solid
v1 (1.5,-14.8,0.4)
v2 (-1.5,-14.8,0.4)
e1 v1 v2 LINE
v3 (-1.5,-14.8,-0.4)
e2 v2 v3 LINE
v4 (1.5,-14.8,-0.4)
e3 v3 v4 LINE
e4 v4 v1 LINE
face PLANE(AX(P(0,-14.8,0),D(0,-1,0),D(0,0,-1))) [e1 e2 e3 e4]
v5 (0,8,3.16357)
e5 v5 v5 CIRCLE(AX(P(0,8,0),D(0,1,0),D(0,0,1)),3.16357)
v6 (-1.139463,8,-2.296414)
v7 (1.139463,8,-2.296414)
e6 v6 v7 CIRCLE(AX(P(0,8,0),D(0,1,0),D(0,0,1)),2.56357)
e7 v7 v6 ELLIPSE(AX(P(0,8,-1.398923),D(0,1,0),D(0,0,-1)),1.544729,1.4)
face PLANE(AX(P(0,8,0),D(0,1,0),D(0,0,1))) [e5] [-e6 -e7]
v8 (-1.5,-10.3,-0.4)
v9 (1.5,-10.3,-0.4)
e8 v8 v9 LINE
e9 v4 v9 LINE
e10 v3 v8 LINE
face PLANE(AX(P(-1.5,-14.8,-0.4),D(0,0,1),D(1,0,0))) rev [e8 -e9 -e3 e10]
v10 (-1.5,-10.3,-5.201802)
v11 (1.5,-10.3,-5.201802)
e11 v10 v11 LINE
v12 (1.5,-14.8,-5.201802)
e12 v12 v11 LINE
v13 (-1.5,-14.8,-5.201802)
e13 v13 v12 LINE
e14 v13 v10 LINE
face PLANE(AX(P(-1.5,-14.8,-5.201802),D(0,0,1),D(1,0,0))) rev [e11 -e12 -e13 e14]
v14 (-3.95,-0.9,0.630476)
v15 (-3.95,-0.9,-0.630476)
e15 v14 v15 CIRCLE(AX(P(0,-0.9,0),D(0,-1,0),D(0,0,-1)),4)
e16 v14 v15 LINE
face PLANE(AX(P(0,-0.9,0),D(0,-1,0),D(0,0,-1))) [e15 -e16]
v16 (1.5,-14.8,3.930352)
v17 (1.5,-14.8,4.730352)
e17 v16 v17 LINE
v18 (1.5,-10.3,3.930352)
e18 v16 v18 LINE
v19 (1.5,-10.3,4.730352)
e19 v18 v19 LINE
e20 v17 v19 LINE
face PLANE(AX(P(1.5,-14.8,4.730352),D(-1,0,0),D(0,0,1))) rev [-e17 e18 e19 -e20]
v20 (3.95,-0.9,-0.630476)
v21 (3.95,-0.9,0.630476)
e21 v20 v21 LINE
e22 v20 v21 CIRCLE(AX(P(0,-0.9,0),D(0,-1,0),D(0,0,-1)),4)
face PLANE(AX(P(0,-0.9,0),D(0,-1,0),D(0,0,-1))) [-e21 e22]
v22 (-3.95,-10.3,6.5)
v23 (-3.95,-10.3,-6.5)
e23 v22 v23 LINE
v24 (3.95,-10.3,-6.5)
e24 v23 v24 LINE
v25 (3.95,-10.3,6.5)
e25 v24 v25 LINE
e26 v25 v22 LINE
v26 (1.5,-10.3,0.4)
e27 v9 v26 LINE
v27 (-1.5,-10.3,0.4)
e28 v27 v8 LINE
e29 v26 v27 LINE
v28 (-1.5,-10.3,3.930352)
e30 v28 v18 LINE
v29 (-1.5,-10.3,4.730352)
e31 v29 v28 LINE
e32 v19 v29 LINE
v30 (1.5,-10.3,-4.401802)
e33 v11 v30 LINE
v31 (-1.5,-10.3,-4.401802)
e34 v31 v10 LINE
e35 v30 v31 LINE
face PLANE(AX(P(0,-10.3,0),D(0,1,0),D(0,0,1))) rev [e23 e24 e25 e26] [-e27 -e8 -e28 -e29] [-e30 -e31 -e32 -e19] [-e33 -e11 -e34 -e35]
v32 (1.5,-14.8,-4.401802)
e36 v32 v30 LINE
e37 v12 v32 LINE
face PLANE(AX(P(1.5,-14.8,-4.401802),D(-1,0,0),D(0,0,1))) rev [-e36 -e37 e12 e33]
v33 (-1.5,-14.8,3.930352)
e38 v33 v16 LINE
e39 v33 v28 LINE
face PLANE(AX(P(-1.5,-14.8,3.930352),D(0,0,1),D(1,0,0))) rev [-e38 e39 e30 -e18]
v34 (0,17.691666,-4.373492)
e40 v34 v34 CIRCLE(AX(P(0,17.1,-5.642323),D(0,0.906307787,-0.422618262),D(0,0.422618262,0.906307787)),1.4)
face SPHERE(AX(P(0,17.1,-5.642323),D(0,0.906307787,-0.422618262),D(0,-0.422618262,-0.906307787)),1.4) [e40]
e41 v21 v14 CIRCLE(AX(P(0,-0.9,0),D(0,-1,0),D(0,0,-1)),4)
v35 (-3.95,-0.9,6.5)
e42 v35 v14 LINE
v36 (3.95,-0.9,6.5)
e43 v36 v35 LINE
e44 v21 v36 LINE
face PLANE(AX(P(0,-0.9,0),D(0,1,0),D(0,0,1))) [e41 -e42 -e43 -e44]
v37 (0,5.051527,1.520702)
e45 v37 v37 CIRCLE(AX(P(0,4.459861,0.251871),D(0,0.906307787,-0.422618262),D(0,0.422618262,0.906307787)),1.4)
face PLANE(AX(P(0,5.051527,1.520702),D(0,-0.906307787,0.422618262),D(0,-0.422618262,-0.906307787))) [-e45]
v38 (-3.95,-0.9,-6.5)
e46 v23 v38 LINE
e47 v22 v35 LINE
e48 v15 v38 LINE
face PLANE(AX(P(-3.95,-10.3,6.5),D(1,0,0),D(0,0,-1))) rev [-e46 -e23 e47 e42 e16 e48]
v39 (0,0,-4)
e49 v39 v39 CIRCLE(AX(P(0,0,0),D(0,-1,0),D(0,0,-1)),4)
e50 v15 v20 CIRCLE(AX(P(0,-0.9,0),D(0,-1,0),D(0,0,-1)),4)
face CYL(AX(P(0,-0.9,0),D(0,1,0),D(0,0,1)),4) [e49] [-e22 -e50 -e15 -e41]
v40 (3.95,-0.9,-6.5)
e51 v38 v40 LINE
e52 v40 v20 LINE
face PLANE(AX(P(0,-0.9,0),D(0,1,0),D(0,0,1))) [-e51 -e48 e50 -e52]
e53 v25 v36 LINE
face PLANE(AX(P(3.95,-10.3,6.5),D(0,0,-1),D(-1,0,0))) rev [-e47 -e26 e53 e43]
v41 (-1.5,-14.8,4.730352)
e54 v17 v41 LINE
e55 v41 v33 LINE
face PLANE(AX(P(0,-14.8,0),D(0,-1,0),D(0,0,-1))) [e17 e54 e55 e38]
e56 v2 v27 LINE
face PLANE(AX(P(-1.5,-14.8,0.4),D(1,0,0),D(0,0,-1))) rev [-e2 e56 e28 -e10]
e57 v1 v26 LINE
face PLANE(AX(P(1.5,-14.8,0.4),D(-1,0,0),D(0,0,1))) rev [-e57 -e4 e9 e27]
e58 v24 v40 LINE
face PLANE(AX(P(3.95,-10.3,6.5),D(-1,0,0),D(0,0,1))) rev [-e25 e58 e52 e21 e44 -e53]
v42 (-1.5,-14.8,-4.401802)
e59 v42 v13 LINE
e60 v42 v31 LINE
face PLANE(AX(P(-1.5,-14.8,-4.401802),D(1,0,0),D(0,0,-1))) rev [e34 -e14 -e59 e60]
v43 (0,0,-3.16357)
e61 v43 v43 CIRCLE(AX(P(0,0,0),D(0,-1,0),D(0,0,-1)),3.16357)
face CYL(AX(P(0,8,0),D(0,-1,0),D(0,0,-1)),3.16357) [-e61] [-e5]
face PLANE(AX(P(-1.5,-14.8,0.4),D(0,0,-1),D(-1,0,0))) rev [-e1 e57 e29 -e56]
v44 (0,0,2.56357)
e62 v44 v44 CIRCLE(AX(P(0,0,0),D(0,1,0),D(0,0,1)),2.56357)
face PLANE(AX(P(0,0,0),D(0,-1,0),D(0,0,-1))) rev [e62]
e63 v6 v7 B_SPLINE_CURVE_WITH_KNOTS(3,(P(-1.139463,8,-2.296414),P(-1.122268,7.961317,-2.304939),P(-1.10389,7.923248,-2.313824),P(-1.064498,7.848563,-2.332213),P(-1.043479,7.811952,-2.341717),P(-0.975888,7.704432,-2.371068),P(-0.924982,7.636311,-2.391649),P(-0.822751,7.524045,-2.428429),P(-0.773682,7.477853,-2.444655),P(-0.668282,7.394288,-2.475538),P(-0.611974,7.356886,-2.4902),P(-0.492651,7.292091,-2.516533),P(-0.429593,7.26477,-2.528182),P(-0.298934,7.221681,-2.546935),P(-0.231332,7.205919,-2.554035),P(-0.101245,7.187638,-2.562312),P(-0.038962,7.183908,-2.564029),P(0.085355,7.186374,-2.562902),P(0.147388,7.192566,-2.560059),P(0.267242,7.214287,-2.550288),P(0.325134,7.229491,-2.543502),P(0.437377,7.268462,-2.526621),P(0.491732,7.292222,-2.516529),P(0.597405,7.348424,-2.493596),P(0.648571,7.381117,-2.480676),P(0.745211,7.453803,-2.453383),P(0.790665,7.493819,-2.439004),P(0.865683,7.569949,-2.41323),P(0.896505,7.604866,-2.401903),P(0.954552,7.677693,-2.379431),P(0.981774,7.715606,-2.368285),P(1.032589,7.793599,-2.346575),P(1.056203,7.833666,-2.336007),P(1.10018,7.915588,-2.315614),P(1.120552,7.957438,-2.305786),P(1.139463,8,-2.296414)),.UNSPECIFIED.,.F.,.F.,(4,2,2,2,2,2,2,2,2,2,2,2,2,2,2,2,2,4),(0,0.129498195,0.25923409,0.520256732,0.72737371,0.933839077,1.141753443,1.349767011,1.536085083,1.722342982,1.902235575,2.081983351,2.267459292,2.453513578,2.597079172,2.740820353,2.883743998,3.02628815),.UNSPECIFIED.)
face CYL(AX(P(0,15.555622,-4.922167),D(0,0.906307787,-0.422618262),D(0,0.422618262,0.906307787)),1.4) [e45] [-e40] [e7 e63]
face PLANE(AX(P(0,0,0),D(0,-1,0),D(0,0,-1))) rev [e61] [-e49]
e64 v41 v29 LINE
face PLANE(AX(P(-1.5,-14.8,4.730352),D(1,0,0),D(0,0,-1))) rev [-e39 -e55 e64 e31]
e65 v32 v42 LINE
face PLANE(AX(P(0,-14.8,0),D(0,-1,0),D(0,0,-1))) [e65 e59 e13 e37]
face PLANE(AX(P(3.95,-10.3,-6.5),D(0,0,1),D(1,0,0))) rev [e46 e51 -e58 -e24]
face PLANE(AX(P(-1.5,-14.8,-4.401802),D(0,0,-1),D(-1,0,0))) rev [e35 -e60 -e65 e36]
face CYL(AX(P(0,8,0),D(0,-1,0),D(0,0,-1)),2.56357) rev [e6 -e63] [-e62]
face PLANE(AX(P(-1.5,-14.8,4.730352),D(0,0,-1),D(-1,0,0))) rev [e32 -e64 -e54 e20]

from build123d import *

# Parameters (mm, degrees)
SKETCH1_R           = 3.16357
SKETCH1_R_2         = 2.56357
BOSS_EXTRUDE1_DEPTH = 8
SKETCH2_R           = 4
BOSS_EXTRUDE2_DEPTH = 0.9
SKETCH3_W           = 7.9
SKETCH3_H           = 13
BOSS_EXTRUDE3_DEPTH = 9.4
SKETCH4_W           = 3
SKETCH4_H           = 0.8
BOSS_EXTRUDE4_DEPTH = 4.5


with BuildPart() as part:
    # Sketch1 → Boss-Extrude1 (new body)
    with BuildSketch(Plane(origin=(0, 0, 0), x_dir=(1, 0, 0), z_dir=(0, 1, 0))):
        with Locations(Location((0, 0, 0), (0, 0, 270))):
            Circle(SKETCH1_R)
        with Locations(Location((0, 0, 0), (0, 0, 270))):
            Circle(SKETCH1_R_2, mode=Mode.SUBTRACT)
    extrude(amount=BOSS_EXTRUDE1_DEPTH)

    # Sketch2 → Boss-Extrude2 (add)
    with BuildSketch(Plane.XZ):
        with Locations(Location((0, 0, 0), (0, 0, 270))):
            Circle(SKETCH2_R)
    extrude(amount=BOSS_EXTRUDE2_DEPTH)

    # Sketch3 → Boss-Extrude3 (add)
    with BuildSketch(Plane.XZ.offset(0.9)):
        Rectangle(SKETCH3_W, SKETCH3_H)
    extrude(amount=BOSS_EXTRUDE3_DEPTH)

    # Sketch4 → Boss-Extrude4 (add)
    with BuildSketch(Plane.XZ.offset(10.3)):
        with Locations((0, 4.330352395)):
            Rectangle(SKETCH4_W, SKETCH4_H)
        Rectangle(SKETCH4_W, SKETCH4_H)
        with Locations((0, -4.801802051)):
            Rectangle(SKETCH4_W, SKETCH4_H)
    extrude(amount=BOSS_EXTRUDE4_DEPTH)

    # Sketch5 → Revolve1 (revolve)
    with BuildSketch(Plane(origin=(0, 0, 0), x_dir=(0, 0, -1), z_dir=(1, 0, 0)), mode=Mode.PRIVATE) as revolve1_sk:
        with BuildLine():
            Line((4.373491762, 17.691665566), (-1.520701627, 5.051527053))
            Line((-1.520701627, 5.051527053), (-0.251870725, 4.459861486))
            Line((-0.251870725, 4.459861486), (6.23398823, 18.368830902))
            ThreePointArc((6.23398823, 18.368830902), (5.163494463, 18.415569669), (4.373491762, 17.691665566))
        make_face()
    revolve(revolve1_sk.sketch.rotate(Axis((0, 15.555621566, -4.922167173), (0, -0.9063077870366496, 0.4226182617407002)), 180), axis=Axis((0, 15.555621566, -4.922167173), (0, -0.9063077870366496, 0.4226182617407002)))


solid = part.part
